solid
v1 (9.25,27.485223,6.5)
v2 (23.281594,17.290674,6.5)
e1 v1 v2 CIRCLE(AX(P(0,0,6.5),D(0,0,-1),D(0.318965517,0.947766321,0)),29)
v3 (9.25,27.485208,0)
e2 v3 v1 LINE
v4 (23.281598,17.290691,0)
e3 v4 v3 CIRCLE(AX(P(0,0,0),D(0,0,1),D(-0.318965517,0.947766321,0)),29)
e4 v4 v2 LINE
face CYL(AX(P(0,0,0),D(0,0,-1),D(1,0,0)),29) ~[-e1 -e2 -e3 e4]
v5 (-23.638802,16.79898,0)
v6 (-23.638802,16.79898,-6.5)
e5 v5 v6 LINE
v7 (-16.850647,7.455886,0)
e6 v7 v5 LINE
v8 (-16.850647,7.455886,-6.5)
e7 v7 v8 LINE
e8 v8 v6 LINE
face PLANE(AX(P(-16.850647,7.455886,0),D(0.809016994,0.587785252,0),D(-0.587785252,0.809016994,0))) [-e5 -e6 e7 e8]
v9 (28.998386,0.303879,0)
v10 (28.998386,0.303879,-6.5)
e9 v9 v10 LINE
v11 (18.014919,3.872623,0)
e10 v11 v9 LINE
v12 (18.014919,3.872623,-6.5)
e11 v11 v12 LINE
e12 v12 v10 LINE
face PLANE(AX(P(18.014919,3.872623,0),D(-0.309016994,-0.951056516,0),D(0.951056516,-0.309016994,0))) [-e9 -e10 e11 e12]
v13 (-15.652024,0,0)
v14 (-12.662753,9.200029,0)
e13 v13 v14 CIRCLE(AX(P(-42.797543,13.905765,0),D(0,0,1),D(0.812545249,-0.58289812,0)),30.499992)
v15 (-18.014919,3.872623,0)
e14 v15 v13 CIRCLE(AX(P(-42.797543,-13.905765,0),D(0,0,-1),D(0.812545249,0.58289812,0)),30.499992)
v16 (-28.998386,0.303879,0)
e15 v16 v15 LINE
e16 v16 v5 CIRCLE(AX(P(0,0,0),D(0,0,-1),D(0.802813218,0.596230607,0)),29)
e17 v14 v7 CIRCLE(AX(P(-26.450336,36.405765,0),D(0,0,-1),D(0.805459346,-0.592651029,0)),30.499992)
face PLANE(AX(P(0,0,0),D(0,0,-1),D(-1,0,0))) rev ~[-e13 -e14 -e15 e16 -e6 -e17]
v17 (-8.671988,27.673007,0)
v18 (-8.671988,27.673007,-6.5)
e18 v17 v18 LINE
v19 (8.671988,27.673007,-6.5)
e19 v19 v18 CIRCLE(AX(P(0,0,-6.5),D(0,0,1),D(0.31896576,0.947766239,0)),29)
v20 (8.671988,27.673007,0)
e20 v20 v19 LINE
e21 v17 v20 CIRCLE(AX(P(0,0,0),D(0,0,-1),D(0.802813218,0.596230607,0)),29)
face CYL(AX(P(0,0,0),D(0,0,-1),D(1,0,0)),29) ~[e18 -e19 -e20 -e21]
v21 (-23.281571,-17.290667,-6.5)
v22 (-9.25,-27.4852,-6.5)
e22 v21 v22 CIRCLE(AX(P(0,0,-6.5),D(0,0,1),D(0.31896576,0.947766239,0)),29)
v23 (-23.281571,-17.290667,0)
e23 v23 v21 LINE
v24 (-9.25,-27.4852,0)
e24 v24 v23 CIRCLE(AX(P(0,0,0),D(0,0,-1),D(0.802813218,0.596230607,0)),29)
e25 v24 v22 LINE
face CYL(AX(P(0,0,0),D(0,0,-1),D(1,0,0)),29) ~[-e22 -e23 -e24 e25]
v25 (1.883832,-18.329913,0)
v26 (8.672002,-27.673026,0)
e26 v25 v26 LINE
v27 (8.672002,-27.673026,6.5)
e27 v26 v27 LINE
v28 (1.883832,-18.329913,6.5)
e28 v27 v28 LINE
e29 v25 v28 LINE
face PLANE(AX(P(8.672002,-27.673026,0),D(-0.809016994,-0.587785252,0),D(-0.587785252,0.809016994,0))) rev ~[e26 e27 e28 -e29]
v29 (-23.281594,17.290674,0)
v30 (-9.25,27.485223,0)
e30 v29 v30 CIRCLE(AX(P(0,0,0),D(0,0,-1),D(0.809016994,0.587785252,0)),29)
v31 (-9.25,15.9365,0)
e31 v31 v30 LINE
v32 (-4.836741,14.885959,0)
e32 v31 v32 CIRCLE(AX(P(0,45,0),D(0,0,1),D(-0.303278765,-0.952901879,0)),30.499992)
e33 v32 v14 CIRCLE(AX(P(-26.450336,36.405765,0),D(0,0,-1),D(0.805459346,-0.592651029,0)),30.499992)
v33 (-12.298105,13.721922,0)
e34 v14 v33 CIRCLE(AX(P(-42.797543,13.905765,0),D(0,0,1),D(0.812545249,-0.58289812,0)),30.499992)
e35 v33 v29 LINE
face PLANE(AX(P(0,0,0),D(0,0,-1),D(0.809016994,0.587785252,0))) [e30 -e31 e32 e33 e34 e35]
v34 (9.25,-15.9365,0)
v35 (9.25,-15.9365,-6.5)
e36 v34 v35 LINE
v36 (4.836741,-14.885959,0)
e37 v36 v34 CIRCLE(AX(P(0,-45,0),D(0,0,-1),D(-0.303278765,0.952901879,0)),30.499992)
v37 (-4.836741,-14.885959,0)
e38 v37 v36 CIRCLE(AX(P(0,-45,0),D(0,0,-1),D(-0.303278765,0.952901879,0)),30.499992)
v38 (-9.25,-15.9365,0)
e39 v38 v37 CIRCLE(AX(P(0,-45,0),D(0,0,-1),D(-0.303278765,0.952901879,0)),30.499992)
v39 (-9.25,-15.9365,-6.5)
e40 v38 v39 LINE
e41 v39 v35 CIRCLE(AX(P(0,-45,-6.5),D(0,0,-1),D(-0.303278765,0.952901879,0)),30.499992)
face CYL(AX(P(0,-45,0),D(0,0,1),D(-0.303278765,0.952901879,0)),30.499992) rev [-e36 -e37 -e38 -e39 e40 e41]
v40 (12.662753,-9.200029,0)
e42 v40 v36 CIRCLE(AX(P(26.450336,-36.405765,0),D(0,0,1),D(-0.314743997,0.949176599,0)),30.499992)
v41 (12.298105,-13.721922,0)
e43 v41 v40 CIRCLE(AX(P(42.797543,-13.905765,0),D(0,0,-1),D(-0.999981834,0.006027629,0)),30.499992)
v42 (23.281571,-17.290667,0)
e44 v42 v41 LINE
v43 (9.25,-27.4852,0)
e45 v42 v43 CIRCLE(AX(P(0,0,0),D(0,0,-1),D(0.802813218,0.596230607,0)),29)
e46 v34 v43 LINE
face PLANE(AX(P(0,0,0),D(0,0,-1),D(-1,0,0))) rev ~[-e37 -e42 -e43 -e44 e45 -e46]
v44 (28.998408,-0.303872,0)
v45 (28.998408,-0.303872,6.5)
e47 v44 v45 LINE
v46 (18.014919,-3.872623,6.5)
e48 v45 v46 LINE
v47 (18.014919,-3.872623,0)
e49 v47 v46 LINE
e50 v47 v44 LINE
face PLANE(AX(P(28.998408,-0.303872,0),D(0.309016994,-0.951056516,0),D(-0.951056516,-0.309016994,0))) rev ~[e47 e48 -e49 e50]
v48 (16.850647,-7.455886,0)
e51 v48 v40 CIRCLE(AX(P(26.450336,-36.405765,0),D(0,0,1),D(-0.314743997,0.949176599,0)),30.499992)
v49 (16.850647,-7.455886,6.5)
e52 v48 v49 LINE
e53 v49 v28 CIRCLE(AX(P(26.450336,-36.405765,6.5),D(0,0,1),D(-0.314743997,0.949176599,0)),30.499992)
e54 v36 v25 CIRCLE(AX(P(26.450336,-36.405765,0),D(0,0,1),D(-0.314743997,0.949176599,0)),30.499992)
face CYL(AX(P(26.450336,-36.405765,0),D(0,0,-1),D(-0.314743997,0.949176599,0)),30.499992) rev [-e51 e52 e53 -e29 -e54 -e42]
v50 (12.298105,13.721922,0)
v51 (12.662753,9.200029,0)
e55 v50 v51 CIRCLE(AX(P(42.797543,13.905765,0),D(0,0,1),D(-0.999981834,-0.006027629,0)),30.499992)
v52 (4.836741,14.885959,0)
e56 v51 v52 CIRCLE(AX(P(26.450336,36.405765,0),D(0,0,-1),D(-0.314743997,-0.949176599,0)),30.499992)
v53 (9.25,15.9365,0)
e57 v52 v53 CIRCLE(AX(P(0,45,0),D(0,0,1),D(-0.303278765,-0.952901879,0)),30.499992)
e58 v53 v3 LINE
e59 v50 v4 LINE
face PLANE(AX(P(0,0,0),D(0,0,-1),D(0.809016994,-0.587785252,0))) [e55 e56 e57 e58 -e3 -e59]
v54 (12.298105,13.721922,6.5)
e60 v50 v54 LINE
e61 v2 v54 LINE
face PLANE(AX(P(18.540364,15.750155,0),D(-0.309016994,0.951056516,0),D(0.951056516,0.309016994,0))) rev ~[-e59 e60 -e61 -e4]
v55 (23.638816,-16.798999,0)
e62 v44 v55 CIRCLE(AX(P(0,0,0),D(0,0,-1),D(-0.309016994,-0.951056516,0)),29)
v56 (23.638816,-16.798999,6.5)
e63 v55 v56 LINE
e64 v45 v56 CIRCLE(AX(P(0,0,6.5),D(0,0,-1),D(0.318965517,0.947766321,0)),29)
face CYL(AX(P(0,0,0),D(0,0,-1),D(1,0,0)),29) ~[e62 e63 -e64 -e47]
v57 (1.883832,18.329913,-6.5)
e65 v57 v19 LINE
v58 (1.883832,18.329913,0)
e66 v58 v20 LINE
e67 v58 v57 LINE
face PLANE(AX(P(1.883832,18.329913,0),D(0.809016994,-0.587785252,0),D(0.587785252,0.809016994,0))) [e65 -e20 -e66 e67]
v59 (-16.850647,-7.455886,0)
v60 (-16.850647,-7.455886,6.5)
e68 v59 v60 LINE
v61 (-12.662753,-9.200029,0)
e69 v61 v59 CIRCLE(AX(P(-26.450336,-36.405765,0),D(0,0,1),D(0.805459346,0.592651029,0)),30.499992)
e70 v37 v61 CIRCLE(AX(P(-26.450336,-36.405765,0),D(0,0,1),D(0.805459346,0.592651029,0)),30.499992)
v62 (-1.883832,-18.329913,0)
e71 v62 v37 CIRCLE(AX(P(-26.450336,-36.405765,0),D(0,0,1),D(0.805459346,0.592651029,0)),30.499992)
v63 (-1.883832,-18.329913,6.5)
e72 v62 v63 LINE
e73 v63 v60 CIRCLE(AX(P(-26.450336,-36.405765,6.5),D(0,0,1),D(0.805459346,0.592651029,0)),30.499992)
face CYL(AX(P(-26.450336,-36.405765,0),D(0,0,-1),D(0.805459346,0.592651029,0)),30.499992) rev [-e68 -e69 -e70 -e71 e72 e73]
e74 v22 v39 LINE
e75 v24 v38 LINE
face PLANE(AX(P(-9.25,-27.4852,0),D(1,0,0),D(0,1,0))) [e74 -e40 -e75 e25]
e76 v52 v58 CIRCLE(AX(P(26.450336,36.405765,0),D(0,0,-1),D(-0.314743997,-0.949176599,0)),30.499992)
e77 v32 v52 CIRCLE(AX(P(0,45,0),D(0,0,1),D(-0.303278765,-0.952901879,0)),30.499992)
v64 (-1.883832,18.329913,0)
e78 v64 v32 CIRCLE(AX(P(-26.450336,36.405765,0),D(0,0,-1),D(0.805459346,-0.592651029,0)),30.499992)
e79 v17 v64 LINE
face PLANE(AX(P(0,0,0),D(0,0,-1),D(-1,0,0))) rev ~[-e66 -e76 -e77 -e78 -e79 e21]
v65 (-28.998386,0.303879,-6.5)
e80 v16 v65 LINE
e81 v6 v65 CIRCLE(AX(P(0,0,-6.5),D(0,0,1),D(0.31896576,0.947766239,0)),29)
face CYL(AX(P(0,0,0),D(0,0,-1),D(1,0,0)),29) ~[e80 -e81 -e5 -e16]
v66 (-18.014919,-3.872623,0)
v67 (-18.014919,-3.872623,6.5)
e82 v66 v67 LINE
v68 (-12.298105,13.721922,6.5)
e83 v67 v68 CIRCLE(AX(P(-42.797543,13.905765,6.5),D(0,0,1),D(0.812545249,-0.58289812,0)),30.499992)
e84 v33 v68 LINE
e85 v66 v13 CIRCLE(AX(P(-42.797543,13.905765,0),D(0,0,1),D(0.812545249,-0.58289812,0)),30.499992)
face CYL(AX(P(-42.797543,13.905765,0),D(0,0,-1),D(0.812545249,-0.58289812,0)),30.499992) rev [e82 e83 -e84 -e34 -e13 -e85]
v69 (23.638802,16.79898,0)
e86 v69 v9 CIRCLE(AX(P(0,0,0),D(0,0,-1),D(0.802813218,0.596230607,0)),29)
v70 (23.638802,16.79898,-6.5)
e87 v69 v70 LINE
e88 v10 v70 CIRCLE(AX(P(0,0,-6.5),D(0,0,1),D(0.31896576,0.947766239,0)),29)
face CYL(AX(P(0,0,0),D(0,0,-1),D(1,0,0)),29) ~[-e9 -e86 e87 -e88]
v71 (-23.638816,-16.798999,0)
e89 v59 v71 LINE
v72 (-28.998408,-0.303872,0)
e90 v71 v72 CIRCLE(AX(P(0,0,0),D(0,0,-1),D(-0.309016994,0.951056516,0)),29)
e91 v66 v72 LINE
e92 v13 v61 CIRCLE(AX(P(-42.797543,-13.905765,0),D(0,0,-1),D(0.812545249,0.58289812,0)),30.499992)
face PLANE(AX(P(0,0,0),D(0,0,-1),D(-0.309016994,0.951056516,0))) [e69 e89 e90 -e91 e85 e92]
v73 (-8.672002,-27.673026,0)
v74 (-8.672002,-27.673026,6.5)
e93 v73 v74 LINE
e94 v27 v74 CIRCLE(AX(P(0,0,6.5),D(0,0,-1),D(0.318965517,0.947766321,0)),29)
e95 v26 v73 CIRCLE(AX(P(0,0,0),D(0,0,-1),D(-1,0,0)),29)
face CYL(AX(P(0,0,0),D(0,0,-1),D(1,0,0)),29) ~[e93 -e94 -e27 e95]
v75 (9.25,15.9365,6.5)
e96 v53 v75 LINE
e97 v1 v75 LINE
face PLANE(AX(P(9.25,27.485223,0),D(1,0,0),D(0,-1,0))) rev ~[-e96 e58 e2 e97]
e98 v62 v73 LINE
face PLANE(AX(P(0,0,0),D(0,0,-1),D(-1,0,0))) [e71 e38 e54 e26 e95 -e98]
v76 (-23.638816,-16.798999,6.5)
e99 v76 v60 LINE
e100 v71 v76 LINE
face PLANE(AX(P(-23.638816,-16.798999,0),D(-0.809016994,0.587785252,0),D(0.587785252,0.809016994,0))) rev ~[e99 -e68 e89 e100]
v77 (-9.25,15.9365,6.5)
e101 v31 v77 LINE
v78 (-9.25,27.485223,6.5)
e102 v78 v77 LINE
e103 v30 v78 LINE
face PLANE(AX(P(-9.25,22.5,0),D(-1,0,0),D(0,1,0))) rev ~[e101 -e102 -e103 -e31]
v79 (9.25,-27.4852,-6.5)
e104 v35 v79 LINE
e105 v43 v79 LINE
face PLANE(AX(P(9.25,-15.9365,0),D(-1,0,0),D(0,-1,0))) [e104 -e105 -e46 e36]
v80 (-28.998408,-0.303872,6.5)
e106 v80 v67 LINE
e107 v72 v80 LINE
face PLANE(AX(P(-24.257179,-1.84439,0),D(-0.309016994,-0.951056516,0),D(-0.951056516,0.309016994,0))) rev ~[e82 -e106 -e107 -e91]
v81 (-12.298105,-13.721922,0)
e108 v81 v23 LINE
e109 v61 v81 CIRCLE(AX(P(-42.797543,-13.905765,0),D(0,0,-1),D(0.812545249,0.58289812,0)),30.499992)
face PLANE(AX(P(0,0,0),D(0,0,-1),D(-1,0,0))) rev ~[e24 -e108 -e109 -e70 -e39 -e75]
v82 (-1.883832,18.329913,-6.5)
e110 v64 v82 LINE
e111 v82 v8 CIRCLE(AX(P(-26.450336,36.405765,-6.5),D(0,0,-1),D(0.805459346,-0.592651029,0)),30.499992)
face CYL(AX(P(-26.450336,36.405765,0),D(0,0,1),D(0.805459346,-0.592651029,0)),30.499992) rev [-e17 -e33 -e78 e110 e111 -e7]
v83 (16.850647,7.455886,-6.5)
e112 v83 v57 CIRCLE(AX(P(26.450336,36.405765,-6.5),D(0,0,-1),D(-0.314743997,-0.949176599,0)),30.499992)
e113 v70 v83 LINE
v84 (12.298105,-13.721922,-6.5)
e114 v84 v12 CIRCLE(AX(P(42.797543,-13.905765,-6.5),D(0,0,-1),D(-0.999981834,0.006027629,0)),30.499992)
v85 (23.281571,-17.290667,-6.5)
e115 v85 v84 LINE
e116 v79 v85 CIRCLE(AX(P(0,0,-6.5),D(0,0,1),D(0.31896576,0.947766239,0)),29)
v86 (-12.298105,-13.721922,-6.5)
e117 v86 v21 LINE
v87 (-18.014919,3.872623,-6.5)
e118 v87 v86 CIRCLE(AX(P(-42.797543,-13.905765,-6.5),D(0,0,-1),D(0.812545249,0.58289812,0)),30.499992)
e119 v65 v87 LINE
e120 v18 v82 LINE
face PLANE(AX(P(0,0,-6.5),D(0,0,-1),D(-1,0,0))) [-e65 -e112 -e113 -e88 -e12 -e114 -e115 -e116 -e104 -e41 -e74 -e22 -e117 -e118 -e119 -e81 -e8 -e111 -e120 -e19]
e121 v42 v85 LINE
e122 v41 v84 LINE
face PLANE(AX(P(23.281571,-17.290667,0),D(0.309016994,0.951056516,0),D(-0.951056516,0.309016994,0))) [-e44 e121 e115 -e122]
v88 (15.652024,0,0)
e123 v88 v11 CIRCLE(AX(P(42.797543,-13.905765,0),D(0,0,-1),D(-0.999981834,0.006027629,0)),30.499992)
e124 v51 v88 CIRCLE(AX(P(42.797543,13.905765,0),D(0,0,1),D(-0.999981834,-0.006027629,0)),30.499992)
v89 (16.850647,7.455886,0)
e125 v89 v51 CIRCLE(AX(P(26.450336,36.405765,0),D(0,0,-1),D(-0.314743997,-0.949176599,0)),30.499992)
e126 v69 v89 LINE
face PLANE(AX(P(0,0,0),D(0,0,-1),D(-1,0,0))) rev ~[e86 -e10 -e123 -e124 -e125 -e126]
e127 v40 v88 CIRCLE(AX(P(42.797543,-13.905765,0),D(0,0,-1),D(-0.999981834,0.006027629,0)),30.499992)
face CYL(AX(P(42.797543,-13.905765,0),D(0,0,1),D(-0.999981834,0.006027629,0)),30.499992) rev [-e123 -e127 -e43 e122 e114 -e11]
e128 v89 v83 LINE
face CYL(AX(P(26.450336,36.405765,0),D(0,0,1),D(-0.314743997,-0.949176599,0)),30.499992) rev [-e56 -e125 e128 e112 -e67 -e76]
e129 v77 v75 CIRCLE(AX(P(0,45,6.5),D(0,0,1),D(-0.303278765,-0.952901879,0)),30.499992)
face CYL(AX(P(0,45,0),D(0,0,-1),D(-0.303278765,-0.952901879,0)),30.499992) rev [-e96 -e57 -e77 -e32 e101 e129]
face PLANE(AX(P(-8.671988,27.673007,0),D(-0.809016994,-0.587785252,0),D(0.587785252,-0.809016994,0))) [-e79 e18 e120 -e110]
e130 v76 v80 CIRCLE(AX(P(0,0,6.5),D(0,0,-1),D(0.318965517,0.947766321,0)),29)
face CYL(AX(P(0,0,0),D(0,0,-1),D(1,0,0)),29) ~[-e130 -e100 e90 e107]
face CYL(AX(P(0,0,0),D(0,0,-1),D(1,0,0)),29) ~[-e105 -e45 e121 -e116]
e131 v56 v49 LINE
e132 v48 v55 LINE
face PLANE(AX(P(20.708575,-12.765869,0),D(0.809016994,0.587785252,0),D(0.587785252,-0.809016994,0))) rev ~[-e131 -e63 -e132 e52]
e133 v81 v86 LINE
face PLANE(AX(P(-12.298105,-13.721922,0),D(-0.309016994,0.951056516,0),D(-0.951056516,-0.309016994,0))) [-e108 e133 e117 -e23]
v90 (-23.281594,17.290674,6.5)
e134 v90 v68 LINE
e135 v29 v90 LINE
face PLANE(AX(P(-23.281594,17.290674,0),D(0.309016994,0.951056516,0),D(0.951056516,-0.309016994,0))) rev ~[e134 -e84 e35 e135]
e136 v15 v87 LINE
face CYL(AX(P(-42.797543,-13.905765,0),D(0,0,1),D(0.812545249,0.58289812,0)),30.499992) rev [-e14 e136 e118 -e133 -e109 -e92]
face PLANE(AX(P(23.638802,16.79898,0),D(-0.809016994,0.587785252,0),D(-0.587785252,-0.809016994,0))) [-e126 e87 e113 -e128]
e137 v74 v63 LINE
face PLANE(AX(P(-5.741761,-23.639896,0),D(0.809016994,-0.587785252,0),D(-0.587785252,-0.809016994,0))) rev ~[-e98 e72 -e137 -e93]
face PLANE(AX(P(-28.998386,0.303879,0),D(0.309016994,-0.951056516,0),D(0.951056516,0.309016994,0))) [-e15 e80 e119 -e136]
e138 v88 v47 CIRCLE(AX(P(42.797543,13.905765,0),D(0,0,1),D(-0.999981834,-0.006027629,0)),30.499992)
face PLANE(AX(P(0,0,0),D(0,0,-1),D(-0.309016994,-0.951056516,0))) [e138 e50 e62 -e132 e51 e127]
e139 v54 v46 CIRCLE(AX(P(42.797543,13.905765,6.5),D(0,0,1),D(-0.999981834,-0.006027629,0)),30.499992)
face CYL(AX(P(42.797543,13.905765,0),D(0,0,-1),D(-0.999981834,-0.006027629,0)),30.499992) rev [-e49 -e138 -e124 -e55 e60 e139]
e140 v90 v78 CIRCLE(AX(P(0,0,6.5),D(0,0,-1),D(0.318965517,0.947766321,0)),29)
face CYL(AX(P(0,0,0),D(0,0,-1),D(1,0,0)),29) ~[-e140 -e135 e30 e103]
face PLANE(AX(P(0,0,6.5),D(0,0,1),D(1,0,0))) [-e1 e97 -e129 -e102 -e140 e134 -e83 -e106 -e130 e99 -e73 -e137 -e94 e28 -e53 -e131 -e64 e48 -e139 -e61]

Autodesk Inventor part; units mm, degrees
ref_plane "YZ Plane" through (0, 0, 0) normal (1, 0, 0) x (0, 1, 0)
ref_plane "XZ Plane" through (0, 0, 0) normal (0, 1, 0) x (-1, 0, 0)
ref_plane "XY Plane" through (0, 0, 0) normal (0, 0, 1) x (1, 0, 0)
sketch "スケッチ1" plane through (0, 0, 0) normal (0, 0, 1) x (1, 0, 0)
  circle A0 centre (0, 0) radius 29
  line L0 (-9.25, 29) -> (9.25, 29)
  line L1 (9.25, 29) -> (9.25, 0)
  line L2 (9.25, 0) -> (-9.25, 0)
  line L3 (-9.25, 0) -> (-9.25, 29)
  line L4 (-9.25, 22.5) -> (9.25, 22.5)
  arc A1 (-9.25, 17.5148) -> (9.25, 17.5148) centre (0, 45) ccw
  arc A2 (-9.25, 15.9365) -> (9.25, 15.9365) centre (0, 45) ccw
  point P0 (9.25, 27.4852)
  point P1 (-9.25, 27.4852)
  point P2 (0, 22.5)
  point P3 (0, 22.5)
  dimension "d0" = 58
  dimension "d1" = 18.5
  dimension "d2" = 6.5
  dimension "d9" = 1.5
extrude "押し出し3" add sketch "スケッチ1" along normal blind 6.5 contours A0 L3 L2 L1 | L1 L4 L3 A0 | L1 A1 L3 L4 | L1 A2 L3 A1 | L1 L2 L3 A2
extrude "押し出し4" cut sketch "スケッチ1" along normal blind 6.5 contours L1 L4 L3 A0 | L1 A1 L3 L4 | L1 A2 L3 A1
pattern_circular "円形状パターン1" count 5 over 360 about axis through (0, 0, -10) along (0, 0, 1) of "押し出し4"
sketch "スケッチ4" plane through (0, 0, 0) normal (0, 0, -1) x (-1, 0, 0)
  arc A0 (-9.25, 27.4852) -> (-23.2816, 17.2907) centre (0, 0) ccw projected
  circle A1 centre (0, 0) radius 29
  line L0 (-9.25, 15.9365) -> (-9.25, 27.4852) construction
  arc A2 (-9.25, 15.9365) -> (9.25, 15.9365) centre (0, 45) ccw construction
  line L1 (9.25, 27.4852) -> (9.25, 15.9365) construction
  line L2 (40.6, 0) -> (-40.6, 0) construction
  line L3 (-9.25, -15.9365) -> (-9.25, -27.4852)
  arc A3 (9.25, -15.9365) -> (-9.25, -15.9365) centre (0, -45) ccw
  line L4 (9.25, -27.4852) -> (9.25, -15.9365)
  point P0 (-9.25, 27.4852)
  point P1 (-23.2816, 17.2907)
extrude "押し出し5" add sketch "スケッチ4" along normal blind 6.5
extrude "押し出し6" cut sketch "スケッチ4" along normal blind 6.5 contours L3 A3 L4 A1
pattern_circular "円形状パターン2" count 5 over 360 about axis through (0, 0, -10) along (0, 0, 1) of "押し出し6"
properties part number "base" material "ゴム"
